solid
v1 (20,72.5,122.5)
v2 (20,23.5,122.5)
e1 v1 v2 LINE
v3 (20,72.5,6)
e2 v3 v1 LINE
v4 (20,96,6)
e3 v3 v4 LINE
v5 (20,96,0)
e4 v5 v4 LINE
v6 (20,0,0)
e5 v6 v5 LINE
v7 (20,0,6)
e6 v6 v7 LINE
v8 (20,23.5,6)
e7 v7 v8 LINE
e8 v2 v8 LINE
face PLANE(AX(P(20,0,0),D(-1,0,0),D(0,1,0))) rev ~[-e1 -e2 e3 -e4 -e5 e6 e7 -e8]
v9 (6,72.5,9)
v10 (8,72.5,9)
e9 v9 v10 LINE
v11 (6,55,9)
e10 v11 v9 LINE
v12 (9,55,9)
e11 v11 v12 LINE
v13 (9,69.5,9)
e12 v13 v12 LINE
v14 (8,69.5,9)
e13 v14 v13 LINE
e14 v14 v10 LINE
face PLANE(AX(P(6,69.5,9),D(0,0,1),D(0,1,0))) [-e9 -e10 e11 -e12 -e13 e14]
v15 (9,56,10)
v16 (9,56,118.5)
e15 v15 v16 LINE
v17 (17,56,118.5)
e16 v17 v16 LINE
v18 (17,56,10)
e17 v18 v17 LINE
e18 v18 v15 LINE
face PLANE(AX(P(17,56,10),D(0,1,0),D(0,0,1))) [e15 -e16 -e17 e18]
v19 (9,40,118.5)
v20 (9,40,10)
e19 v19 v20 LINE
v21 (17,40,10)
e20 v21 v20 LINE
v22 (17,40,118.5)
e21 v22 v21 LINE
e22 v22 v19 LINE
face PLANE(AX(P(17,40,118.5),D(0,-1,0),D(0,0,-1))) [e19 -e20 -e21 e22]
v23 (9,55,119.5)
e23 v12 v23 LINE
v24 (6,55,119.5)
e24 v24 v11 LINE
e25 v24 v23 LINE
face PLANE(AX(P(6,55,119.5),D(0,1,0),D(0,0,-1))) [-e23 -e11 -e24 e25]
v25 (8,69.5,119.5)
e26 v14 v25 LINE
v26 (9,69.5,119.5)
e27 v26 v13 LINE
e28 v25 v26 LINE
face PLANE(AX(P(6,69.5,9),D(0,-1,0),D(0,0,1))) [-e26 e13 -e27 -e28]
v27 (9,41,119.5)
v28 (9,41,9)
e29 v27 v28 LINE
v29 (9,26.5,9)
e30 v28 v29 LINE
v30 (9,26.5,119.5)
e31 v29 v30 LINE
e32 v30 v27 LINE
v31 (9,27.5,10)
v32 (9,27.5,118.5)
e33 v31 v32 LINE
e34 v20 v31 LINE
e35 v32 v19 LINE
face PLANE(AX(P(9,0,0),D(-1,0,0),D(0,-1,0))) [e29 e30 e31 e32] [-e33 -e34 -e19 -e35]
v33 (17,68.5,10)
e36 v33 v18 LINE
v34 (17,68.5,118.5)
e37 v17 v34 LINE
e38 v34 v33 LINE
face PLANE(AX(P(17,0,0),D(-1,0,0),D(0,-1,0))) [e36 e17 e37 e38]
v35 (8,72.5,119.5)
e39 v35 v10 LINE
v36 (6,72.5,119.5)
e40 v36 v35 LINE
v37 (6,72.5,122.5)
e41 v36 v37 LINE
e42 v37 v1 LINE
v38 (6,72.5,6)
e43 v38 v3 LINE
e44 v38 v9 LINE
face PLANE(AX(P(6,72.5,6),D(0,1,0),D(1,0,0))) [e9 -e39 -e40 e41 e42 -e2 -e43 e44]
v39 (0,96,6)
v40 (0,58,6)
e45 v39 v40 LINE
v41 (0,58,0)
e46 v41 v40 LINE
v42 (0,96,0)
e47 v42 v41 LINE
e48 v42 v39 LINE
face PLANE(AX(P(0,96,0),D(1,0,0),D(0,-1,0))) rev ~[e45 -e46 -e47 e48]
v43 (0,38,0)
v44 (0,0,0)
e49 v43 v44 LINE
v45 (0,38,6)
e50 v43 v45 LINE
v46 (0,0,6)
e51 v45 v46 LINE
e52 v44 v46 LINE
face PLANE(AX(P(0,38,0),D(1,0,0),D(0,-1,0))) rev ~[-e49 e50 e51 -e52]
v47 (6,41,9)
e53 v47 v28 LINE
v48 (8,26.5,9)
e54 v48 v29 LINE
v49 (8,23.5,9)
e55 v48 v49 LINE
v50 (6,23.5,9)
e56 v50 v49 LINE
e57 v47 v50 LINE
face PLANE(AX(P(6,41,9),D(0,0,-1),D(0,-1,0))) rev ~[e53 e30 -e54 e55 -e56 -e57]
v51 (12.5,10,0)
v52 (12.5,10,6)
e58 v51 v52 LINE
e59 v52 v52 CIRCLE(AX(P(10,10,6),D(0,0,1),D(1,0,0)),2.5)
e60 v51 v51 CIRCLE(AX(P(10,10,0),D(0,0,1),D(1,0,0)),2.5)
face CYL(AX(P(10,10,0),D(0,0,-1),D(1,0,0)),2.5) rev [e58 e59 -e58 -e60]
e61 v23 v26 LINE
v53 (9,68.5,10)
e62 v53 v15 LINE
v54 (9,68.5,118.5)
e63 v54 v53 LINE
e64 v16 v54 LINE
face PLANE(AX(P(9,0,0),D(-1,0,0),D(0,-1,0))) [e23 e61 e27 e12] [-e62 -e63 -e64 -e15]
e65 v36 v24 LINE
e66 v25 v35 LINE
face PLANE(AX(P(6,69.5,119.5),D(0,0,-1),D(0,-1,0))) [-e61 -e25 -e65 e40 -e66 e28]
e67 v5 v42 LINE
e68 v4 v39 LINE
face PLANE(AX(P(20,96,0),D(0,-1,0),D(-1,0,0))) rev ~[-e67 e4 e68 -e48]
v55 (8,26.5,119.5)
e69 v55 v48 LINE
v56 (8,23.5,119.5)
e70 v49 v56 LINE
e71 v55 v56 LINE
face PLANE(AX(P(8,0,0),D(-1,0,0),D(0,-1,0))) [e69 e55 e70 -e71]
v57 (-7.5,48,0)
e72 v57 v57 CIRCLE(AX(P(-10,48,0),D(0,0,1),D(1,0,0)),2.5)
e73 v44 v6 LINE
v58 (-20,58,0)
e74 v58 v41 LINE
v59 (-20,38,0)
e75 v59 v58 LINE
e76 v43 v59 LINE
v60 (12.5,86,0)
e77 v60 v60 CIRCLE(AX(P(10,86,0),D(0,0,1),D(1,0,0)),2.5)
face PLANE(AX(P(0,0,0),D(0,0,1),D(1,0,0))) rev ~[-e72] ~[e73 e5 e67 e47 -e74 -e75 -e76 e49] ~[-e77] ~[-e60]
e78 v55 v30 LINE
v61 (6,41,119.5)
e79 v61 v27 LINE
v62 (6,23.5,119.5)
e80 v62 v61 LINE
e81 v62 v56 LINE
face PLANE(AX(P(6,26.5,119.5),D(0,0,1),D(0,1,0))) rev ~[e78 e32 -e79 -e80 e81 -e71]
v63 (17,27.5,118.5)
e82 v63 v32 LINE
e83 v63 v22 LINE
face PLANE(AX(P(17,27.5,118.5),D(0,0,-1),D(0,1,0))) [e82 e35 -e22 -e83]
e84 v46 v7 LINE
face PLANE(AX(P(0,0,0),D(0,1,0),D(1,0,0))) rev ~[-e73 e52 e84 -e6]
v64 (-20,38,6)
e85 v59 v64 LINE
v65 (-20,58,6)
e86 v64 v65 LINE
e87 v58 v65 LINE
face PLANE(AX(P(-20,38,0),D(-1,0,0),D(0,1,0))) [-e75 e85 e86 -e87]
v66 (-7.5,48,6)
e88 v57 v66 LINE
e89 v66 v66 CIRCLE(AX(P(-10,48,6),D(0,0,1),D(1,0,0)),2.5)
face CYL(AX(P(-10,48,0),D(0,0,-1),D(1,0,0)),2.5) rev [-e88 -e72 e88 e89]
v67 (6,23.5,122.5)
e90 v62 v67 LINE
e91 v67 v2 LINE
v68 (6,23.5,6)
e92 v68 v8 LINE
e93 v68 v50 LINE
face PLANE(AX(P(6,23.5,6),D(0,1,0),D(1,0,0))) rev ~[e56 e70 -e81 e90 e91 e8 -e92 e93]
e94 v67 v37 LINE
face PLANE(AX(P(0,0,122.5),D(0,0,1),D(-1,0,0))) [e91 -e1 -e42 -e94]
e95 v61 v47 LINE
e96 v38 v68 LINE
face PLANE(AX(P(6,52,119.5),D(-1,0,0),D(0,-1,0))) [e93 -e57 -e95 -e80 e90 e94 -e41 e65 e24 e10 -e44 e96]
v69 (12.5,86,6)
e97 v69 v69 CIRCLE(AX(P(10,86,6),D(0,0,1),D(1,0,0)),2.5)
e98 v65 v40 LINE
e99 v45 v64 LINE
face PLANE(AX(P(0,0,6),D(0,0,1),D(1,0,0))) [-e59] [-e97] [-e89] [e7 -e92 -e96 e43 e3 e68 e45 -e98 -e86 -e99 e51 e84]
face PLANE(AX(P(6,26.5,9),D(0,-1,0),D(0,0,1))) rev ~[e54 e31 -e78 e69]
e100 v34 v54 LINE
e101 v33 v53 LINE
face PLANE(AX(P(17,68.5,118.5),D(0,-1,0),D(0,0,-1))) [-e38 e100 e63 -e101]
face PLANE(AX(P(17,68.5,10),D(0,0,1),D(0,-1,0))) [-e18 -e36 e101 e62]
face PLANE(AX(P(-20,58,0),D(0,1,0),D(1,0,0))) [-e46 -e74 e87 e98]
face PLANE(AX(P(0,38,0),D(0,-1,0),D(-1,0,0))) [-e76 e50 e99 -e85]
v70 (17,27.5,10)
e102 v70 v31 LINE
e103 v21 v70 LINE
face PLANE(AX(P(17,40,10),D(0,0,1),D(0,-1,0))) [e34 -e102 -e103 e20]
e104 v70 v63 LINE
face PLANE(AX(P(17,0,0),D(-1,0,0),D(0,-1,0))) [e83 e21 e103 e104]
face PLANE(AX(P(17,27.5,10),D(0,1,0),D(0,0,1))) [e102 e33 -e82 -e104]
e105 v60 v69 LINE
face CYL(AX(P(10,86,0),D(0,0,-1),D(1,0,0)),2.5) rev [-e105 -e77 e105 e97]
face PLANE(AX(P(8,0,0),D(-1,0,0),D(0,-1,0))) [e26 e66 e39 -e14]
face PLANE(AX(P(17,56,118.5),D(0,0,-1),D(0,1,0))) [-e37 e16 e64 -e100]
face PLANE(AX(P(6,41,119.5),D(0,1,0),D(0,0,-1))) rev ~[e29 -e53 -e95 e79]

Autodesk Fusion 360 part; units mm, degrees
sketch "Sketch8" plane through (0, 0, 0) normal (0, 0, 1) x (1, 0, 0)
  line L0 (0, 0) -> (20, 0)
  line L1 (20, 0) -> (20, 96)
  line L2 (20, 96) -> (0, 96)
  line L3 (0, 96) -> (0, 0)
  line L4 (0, 48) -> (-20, 48) construction
  line L5 (-20, 48) -> (-20, 58) construction
  line L6 (-20, 58) -> (0, 58)
  line L7 (0, 58) -> (0, 38)
  line L8 (0, 38) -> (-20, 38)
  line L9 (-20, 38) -> (-20, 58)
  line L10 (-20, 58) -> (0, 38) construction
  circle A0 centre (-10, 48) radius 2.5
  line L11 (0, 96) -> (20, 76) construction
  line L12 (0, 96) -> (28.2843, 96) construction
  circle A1 centre (10, 86) radius 2.5
  circle A2 centre (10, 10) radius 2.5
  dimension "d44" = 20
  dimension "d45" = 96
  dimension "d46" = 20
  dimension "d47" = 10
  dimension "d48" = 20
  dimension "d49" = 20
  dimension "d50" = 5
  dimension "d51" = 45
  dimension "d52" = 5
extrude "Extrude10" add sketch "Sketch8" along normal blind 6
sketch "Sketch9" plane through (0, 0, 6) normal (0, 0, 1) x (-1, 0, 0)
  circle A0 centre (10, -48) radius 2.5
  circle A1 centre (-10, -10) radius 2.5
  circle A2 centre (-10, -86) radius 2.5
  line L0 (0, -38) -> (0, 0)
  line L1 (0, 0) -> (-20, 0)
  line L2 (-20, 0) -> (-20, -96)
  line L3 (-20, -96) -> (0, -96)
  line L4 (0, -96) -> (0, -58)
  line L5 (0, -58) -> (20, -58)
  line L6 (20, -58) -> (20, -38)
  line L7 (20, -38) -> (0, -38)
  line L8 (-20, -48) -> (20, -48) construction
  line L9 (-20, -48) -> (-20, -52) construction
  line L10 (-20, -52) -> (-6, -52)
  line L11 (-6, -52) -> (-6, -72.5)
  line L12 (-6, -72.5) -> (-20, -72.5)
  line L13 (-20, -72.5) -> (-20, -52)
  line L14 (-20, -44) -> (-6, -44)
  line L15 (-6, -44) -> (-6, -23.5)
  line L16 (-6, -23.5) -> (-20, -23.5)
  dimension "d55" = 4
  dimension "d57" = 14
  dimension "d58" = 20.5
extrude "Extrude11" add sketch "Sketch9" along normal blind 116.5 contours L2 L14 L15 L16 | L2 L10 L11 L12 L13
sketch "Sketch10" plane through (0, 0, 122.5) normal (0, 0, 1) x (-1, 0, 0)
  line L0 (-6, -23.5) -> (-20, -23.5)
  line L1 (-20, -23.5) -> (-20, -44)
  line L2 (-20, -44) -> (-6, -44)
  line L3 (-6, -44) -> (-6, -23.5)
  line L4 (-20, -72.5) -> (-6, -72.5)
  line L5 (-6, -72.5) -> (-6, -52)
  line L6 (-6, -52) -> (-20, -52)
  line L7 (-20, -52) -> (-20, -72.5)
  line L8 (-6, -72.5) -> (-20, -72.5)
  line L9 (-20, -72.5) -> (-20, -23.5)
  line L10 (-20, -23.5) -> (-6, -23.5)
  line L11 (-6, -23.5) -> (-6, -72.5)
extrude "Extrude12" add sketch "Sketch10" against normal blind 3
sketch "Sketch11" plane through (20, 0, 0) normal (1, 0, 0) x (0, 1, 0)
  line L0 (52, 119.5) -> (52, 6)
  line L1 (52, 6) -> (44, 6)
  line L2 (44, 6) -> (44, 119.5)
  line L3 (72.5, 122.5) -> (23.5, 122.5)
  line L4 (72.5, 6) -> (72.5, 122.5)
  line L5 (44, 119.5) -> (52, 119.5)
  line L6 (23.5, 122.5) -> (23.5, 6)
  line L7 (23.5, 6) -> (0, 6)
  line L8 (0, 6) -> (0, 0)
  line L9 (0, 0) -> (96, 0)
  line L10 (96, 0) -> (96, 6)
  line L11 (96, 6) -> (72.5, 6)
  line L12 (23.5, 6) -> (44, 6) construction
  line L13 (48, 119.5) -> (48, 6) construction
  line L14 (26.5, 119.5) -> (41, 119.5)
  line L15 (41, 119.5) -> (41, 9)
  line L16 (41, 9) -> (26.5, 9)
  line L17 (26.5, 9) -> (26.5, 119.5)
  line L18 (55, 119.5) -> (55, 9)
  line L19 (69.5, 119.5) -> (55, 119.5)
  line L20 (69.5, 9) -> (69.5, 119.5)
  line L21 (55, 9) -> (69.5, 9)
  dimension "d64" = 3
  dimension "d65" = 3
  dimension "d67" = 3
  dimension "d68" = 3
sketch "Sketch14" plane through (6, 0, 0) normal (-1, 0, 0) x (0, -1, 0)
  line L0 (-72.5, 122.5) -> (-72.5, 6)
  line L1 (-72.5, 6) -> (-52, 6)
  line L2 (-52, 6) -> (-52, 119.5)
  line L3 (-52, 119.5) -> (-44, 119.5)
  line L4 (-44, 119.5) -> (-44, 6)
  line L5 (-44, 6) -> (-23.5, 6)
  line L6 (-23.5, 6) -> (-23.5, 122.5)
  line L7 (-23.5, 122.5) -> (-72.5, 122.5)
  line L8 (-69.5, 9) -> (-69.5, 119.5)
  line L9 (-55, 9) -> (-69.5, 9)
  line L10 (-55, 119.5) -> (-55, 9)
  line L11 (-69.5, 119.5) -> (-55, 119.5)
  line L12 (-26.5, 119.5) -> (-41, 119.5)
  line L13 (-41, 119.5) -> (-41, 9)
  line L14 (-26.5, 9) -> (-26.5, 119.5)
  line L15 (-41, 9) -> (-26.5, 9)
extrude "Extrude13" cut sketch "Sketch14" against normal blind 11 contours L8 L9 L10 L11 | L12 L13 L14 L15
extrude "Extrude14" add 1 faces at (15.3333, 46.6667, 119.5) along direction (0, 0, -1) up to surface (113.5 mm away)
sketch "Sketch15" plane through (17, 0, 0) normal (-1, 0, 0) x (0, -1, 0)
  line L0 (-69.5, 119.5) -> (-69.5, 9)
  line L1 (-69.5, 9) -> (-55, 9)
  line L2 (-55, 9) -> (-55, 119.5)
  line L3 (-55, 119.5) -> (-69.5, 119.5)
  line L4 (-56, 118.5) -> (-68.5, 118.5)
  line L5 (-68.5, 118.5) -> (-68.5, 10)
  line L6 (-68.5, 10) -> (-56, 10)
  line L7 (-56, 10) -> (-56, 118.5)
extrude "Extrude15" add sketch "Sketch15" along normal blind 8
sketch "Sketch16" plane through (17, 0, 0) normal (-1, 0, 0) x (0, -1, 0)
  line L0 (-41, 9) -> (-26.5, 9)
  line L1 (-26.5, 9) -> (-26.5, 119.5)
  line L2 (-26.5, 119.5) -> (-41, 119.5)
  line L3 (-41, 119.5) -> (-41, 9)
  line L4 (-27.5, 118.5) -> (-40, 118.5)
  line L5 (-40, 118.5) -> (-40, 10)
  line L6 (-40, 10) -> (-27.5, 10)
  line L7 (-27.5, 10) -> (-27.5, 118.5)
extrude "Extrude16" add sketch "Sketch16" along normal blind 8
sketch "Sketch17" plane through (6, 0, 0) normal (-1, 0, 0) x (0, -1, 0)
  line L0 (-55, 9) -> (-69.5, 9)
  line L1 (-69.5, 9) -> (-69.5, 119.5)
  line L2 (-69.5, 119.5) -> (-55, 119.5)
  line L3 (-55, 119.5) -> (-55, 9)
  line L4 (-26.5, 119.5) -> (-26.5, 9)
  line L5 (-26.5, 9) -> (-41, 9)
  line L6 (-41, 9) -> (-41, 119.5)
  line L7 (-41, 119.5) -> (-26.5, 119.5)
  line L8 (-72.5, 6) -> (-23.5, 6)
  line L9 (-23.5, 6) -> (-23.5, 122.5)
  line L10 (-23.5, 122.5) -> (-72.5, 122.5)
  line L11 (-72.5, 122.5) -> (-72.5, 6)
  line L12 (-69.5, 9) -> (-72.5, 9)
  line L13 (-26.5, 9) -> (-23.5, 9)
  line L14 (-26.5, 119.5) -> (-23.5, 119.5)
  line L15 (-69.5, 119.5) -> (-72.5, 119.5)
extrude "Extrude17" cut sketch "Sketch17" against normal blind 2 contours L1 L11 L12 L15 | L4 L9 L13 L14
equation "thickness = 6 mm"
equation "bar_width = 14 mm"
equation "bar_length = 110 mm"
equation "bar_under_depth = 8 mm"
equation "bar_thickness = 3 mm"
equation "bar_shelf_width = 1 mm"
equation "space_between_bars = 8 mm"
equation "frame_width = 96 mm"
equation "extrusion_width = 20 mm"
equation "mounting_hole_size = 5 mm"
equation "d44 = extrusion_width"
equation "d45 = frame_width"
equation "d46 = extrusion_width"
equation "d47 = extrusion_width / 2"
equation "d48 = extrusion_width"
equation "d49 = extrusion_width"
equation "d50 = mounting_hole_size"
equation "d52 = mounting_hole_size"
equation "d53 = thickness"
equation "d55 = space_between_bars / 2"
equation "small_thickness = 3 mm"
equation "d57 = bar_thickness + bar_under_depth + small_thickness"
equation "d58 = bar_width + small_thickness * 2 + tolerance * 2"
equation "tolerance = 0.25 mm"
equation "d60 = bar_length + small_thickness * 2 + tolerance * 2"
equation "d64 = small_thickness"
equation "d65 = small_thickness"
equation "d67 = small_thickness"
equation "d68 = small_thickness"
equation "d74 = bar_under_depth"
equation "d77 = bar_under_depth"
equation "wire_cutout_depth = 2 mm"
